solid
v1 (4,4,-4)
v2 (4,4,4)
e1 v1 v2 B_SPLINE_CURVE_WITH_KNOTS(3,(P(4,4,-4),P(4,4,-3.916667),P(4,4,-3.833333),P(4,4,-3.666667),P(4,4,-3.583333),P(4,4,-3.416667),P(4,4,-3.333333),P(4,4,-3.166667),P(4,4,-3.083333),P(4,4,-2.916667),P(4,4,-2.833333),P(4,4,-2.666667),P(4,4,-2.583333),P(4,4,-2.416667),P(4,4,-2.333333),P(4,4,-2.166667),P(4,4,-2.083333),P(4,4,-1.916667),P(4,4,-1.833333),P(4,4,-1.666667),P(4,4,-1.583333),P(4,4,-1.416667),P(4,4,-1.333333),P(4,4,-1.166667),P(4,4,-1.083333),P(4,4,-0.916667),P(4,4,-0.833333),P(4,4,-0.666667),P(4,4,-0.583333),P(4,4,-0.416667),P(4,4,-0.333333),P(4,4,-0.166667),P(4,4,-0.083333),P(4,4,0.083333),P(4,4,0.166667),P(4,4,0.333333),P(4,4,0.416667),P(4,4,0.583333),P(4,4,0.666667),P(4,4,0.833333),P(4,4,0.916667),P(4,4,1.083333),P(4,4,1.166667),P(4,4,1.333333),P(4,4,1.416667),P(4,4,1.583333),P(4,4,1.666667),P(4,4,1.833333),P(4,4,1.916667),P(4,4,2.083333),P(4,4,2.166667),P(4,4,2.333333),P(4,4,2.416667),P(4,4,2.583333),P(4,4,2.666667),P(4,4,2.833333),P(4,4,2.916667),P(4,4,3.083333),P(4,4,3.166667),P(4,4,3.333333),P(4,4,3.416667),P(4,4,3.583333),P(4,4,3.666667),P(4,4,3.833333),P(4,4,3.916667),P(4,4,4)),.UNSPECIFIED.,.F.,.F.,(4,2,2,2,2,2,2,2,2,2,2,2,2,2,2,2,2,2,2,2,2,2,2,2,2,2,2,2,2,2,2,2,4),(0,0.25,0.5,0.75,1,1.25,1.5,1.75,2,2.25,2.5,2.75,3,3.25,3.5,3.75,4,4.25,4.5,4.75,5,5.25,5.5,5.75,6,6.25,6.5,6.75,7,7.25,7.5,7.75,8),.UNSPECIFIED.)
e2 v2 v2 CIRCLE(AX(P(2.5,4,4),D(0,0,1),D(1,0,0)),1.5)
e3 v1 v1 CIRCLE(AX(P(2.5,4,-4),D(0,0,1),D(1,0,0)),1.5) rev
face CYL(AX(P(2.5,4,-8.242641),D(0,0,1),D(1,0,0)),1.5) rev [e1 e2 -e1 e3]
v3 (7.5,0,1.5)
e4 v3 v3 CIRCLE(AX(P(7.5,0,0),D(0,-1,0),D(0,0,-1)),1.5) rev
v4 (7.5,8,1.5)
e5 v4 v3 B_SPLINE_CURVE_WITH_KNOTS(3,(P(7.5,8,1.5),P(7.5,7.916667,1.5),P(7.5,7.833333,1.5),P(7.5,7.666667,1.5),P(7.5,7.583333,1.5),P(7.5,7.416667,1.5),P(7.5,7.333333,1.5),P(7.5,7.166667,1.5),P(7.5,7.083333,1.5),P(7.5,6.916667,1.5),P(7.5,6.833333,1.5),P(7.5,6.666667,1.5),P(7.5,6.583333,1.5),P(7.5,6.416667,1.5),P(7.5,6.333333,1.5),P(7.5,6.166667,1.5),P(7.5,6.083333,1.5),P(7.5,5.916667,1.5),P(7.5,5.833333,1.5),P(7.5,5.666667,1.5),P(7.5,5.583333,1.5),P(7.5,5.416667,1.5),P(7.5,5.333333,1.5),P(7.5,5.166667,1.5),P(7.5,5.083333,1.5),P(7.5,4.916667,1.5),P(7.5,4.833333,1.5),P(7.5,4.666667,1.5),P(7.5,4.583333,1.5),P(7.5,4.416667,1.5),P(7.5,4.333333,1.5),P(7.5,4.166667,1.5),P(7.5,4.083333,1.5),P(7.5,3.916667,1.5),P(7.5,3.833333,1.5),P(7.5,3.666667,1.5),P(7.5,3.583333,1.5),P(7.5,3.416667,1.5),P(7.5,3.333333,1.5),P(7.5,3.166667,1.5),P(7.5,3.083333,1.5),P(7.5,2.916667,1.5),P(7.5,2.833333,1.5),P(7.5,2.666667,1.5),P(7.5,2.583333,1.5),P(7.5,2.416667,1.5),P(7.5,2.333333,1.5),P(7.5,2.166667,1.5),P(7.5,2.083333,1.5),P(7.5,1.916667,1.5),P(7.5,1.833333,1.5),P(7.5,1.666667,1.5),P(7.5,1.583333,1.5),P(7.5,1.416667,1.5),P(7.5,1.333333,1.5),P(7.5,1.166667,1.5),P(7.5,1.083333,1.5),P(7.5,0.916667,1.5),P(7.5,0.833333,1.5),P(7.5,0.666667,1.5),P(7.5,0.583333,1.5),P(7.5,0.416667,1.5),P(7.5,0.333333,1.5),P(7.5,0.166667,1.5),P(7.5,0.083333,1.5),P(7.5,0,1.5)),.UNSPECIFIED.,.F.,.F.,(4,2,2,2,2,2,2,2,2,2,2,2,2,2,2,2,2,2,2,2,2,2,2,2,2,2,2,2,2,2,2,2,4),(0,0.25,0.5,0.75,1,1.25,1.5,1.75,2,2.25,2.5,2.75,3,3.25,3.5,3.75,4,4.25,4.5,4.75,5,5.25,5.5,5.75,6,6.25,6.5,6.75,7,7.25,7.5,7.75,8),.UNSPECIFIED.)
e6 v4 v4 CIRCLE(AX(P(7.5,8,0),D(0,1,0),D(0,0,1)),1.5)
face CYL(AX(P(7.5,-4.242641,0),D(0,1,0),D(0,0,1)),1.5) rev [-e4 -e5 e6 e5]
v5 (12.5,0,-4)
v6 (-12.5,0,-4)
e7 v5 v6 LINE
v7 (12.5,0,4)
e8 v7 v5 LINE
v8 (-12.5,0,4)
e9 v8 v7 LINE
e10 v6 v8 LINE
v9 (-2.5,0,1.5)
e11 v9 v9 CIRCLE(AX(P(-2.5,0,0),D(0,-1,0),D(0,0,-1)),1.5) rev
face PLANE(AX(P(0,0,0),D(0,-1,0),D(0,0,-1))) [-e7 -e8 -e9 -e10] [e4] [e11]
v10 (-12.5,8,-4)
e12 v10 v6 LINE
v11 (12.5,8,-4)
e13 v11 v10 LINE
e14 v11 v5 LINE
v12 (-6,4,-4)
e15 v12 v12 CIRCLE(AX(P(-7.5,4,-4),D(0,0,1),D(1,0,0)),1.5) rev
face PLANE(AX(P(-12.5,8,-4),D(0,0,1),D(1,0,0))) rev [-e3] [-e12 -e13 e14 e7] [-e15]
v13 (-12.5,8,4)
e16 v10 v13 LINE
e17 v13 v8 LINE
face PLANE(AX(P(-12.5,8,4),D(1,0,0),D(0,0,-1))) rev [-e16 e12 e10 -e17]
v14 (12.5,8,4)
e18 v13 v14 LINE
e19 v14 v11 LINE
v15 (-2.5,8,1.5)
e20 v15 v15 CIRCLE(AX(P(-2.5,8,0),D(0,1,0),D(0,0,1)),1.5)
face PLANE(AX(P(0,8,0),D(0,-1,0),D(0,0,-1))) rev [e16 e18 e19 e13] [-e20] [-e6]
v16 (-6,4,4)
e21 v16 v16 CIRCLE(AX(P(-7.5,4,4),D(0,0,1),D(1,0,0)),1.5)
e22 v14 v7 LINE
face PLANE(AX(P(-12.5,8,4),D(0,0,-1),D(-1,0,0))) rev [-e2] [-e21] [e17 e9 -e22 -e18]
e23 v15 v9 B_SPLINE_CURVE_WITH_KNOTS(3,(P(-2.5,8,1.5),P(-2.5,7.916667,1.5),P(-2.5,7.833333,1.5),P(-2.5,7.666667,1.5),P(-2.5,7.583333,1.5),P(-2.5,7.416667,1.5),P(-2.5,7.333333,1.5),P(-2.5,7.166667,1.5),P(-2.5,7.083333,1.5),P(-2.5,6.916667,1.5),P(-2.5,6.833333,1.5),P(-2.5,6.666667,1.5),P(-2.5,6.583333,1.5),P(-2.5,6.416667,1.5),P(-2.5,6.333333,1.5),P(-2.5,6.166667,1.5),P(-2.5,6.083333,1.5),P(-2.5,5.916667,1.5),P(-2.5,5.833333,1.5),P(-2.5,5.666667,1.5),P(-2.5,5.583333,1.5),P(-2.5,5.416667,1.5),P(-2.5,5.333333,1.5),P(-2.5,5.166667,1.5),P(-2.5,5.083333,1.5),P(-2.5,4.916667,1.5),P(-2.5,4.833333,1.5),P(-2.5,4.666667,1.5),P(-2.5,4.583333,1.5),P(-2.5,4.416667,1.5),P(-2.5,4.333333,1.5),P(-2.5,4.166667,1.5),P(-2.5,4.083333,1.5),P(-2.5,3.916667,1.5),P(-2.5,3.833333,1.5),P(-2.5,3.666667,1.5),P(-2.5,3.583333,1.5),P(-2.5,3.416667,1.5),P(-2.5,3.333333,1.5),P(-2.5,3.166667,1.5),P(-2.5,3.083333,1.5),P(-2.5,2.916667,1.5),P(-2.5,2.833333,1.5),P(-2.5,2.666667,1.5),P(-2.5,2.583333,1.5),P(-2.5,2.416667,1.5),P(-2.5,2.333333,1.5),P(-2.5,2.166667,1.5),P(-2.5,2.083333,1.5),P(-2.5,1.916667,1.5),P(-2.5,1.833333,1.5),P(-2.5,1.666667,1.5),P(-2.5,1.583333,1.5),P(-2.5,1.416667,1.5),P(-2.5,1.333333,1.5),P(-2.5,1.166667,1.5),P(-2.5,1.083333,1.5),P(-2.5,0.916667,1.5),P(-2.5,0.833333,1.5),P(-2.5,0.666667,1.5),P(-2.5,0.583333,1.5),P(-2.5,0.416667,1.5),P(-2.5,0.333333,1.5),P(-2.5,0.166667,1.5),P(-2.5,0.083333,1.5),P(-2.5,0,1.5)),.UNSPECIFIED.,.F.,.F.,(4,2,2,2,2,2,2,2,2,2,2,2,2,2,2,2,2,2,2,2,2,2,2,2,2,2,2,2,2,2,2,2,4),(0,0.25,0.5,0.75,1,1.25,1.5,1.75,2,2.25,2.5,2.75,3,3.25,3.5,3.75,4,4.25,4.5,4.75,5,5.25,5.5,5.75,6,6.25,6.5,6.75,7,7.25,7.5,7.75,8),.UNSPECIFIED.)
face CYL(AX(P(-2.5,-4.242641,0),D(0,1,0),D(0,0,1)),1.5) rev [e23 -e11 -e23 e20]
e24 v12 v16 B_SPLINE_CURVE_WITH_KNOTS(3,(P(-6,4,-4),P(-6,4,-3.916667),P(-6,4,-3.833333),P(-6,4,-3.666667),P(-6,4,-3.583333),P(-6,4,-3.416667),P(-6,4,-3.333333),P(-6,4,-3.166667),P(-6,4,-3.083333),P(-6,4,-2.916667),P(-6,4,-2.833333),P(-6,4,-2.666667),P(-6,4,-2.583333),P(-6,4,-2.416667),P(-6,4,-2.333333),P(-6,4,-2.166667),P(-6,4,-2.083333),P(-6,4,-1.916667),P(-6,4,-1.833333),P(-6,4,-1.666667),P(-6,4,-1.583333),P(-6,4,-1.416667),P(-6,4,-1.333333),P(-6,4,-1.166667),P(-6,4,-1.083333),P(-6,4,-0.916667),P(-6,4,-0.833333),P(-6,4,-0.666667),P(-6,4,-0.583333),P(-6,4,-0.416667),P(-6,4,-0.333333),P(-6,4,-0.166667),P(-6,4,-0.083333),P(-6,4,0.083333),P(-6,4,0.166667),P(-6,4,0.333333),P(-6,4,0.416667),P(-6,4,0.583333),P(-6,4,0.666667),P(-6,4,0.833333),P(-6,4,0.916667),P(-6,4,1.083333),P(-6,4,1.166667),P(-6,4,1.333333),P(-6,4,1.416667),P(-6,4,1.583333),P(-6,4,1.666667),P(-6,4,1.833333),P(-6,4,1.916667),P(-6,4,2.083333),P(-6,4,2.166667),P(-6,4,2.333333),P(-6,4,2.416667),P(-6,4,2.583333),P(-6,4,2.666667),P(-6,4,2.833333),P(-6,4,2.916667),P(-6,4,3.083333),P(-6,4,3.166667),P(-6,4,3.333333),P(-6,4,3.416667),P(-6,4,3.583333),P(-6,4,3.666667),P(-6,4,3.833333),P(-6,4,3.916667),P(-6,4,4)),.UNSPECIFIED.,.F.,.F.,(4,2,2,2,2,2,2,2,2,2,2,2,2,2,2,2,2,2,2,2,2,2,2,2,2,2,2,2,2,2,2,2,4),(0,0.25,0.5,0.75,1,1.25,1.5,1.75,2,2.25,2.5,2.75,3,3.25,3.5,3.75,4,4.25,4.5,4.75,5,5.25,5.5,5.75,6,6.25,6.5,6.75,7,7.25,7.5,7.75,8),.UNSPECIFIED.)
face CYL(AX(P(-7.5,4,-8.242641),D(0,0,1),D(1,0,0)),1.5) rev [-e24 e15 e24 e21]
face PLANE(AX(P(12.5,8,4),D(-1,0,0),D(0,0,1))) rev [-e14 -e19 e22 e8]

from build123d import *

# Parameters (mm, degrees)
SKETCH_1_W          = 25
SKETCH_1_H          = 8
EXTRUDE_1_DEPTH     = 8
SKETCH_2_R          = 1.5
CUT_EXTRUDE_1_DEPTH = 8
SKETCH_3_R          = 1.5
CUT_EXTRUDE_2_DEPTH = 8


with BuildPart() as part:
    # 草图1 → 凸台-拉伸1 (new body)
    with BuildSketch(Plane(origin=(0, 0, 0), x_dir=(1, 0, 0), z_dir=(0, 1, 0))):
        Rectangle(SKETCH_1_W, SKETCH_1_H)
    extrude(amount=EXTRUDE_1_DEPTH)

    # 草图2 → 切除-拉伸1 (cut)
    with BuildSketch(Plane(origin=(0, 8, 0), x_dir=(1, 0, 0), z_dir=(0, 1, 0))):
        with Locations(Location((7.5, 0, 0), (0, 0, 270))):
            Circle(SKETCH_2_R)
        with Locations(Location((-2.5, 0, 0), (0, 0, 270))):
            Circle(SKETCH_2_R)
    extrude(amount=-CUT_EXTRUDE_1_DEPTH, mode=Mode.SUBTRACT)

    # 草图3 → 切除-拉伸2 (cut)
    with BuildSketch(Plane.XY.offset(4)):
        with Locations((-7.5, 4)):
            Circle(SKETCH_3_R)
        with Locations((2.5, 4)):
            Circle(SKETCH_3_R)
    extrude(amount=-CUT_EXTRUDE_2_DEPTH, mode=Mode.SUBTRACT)


solid = part.part
